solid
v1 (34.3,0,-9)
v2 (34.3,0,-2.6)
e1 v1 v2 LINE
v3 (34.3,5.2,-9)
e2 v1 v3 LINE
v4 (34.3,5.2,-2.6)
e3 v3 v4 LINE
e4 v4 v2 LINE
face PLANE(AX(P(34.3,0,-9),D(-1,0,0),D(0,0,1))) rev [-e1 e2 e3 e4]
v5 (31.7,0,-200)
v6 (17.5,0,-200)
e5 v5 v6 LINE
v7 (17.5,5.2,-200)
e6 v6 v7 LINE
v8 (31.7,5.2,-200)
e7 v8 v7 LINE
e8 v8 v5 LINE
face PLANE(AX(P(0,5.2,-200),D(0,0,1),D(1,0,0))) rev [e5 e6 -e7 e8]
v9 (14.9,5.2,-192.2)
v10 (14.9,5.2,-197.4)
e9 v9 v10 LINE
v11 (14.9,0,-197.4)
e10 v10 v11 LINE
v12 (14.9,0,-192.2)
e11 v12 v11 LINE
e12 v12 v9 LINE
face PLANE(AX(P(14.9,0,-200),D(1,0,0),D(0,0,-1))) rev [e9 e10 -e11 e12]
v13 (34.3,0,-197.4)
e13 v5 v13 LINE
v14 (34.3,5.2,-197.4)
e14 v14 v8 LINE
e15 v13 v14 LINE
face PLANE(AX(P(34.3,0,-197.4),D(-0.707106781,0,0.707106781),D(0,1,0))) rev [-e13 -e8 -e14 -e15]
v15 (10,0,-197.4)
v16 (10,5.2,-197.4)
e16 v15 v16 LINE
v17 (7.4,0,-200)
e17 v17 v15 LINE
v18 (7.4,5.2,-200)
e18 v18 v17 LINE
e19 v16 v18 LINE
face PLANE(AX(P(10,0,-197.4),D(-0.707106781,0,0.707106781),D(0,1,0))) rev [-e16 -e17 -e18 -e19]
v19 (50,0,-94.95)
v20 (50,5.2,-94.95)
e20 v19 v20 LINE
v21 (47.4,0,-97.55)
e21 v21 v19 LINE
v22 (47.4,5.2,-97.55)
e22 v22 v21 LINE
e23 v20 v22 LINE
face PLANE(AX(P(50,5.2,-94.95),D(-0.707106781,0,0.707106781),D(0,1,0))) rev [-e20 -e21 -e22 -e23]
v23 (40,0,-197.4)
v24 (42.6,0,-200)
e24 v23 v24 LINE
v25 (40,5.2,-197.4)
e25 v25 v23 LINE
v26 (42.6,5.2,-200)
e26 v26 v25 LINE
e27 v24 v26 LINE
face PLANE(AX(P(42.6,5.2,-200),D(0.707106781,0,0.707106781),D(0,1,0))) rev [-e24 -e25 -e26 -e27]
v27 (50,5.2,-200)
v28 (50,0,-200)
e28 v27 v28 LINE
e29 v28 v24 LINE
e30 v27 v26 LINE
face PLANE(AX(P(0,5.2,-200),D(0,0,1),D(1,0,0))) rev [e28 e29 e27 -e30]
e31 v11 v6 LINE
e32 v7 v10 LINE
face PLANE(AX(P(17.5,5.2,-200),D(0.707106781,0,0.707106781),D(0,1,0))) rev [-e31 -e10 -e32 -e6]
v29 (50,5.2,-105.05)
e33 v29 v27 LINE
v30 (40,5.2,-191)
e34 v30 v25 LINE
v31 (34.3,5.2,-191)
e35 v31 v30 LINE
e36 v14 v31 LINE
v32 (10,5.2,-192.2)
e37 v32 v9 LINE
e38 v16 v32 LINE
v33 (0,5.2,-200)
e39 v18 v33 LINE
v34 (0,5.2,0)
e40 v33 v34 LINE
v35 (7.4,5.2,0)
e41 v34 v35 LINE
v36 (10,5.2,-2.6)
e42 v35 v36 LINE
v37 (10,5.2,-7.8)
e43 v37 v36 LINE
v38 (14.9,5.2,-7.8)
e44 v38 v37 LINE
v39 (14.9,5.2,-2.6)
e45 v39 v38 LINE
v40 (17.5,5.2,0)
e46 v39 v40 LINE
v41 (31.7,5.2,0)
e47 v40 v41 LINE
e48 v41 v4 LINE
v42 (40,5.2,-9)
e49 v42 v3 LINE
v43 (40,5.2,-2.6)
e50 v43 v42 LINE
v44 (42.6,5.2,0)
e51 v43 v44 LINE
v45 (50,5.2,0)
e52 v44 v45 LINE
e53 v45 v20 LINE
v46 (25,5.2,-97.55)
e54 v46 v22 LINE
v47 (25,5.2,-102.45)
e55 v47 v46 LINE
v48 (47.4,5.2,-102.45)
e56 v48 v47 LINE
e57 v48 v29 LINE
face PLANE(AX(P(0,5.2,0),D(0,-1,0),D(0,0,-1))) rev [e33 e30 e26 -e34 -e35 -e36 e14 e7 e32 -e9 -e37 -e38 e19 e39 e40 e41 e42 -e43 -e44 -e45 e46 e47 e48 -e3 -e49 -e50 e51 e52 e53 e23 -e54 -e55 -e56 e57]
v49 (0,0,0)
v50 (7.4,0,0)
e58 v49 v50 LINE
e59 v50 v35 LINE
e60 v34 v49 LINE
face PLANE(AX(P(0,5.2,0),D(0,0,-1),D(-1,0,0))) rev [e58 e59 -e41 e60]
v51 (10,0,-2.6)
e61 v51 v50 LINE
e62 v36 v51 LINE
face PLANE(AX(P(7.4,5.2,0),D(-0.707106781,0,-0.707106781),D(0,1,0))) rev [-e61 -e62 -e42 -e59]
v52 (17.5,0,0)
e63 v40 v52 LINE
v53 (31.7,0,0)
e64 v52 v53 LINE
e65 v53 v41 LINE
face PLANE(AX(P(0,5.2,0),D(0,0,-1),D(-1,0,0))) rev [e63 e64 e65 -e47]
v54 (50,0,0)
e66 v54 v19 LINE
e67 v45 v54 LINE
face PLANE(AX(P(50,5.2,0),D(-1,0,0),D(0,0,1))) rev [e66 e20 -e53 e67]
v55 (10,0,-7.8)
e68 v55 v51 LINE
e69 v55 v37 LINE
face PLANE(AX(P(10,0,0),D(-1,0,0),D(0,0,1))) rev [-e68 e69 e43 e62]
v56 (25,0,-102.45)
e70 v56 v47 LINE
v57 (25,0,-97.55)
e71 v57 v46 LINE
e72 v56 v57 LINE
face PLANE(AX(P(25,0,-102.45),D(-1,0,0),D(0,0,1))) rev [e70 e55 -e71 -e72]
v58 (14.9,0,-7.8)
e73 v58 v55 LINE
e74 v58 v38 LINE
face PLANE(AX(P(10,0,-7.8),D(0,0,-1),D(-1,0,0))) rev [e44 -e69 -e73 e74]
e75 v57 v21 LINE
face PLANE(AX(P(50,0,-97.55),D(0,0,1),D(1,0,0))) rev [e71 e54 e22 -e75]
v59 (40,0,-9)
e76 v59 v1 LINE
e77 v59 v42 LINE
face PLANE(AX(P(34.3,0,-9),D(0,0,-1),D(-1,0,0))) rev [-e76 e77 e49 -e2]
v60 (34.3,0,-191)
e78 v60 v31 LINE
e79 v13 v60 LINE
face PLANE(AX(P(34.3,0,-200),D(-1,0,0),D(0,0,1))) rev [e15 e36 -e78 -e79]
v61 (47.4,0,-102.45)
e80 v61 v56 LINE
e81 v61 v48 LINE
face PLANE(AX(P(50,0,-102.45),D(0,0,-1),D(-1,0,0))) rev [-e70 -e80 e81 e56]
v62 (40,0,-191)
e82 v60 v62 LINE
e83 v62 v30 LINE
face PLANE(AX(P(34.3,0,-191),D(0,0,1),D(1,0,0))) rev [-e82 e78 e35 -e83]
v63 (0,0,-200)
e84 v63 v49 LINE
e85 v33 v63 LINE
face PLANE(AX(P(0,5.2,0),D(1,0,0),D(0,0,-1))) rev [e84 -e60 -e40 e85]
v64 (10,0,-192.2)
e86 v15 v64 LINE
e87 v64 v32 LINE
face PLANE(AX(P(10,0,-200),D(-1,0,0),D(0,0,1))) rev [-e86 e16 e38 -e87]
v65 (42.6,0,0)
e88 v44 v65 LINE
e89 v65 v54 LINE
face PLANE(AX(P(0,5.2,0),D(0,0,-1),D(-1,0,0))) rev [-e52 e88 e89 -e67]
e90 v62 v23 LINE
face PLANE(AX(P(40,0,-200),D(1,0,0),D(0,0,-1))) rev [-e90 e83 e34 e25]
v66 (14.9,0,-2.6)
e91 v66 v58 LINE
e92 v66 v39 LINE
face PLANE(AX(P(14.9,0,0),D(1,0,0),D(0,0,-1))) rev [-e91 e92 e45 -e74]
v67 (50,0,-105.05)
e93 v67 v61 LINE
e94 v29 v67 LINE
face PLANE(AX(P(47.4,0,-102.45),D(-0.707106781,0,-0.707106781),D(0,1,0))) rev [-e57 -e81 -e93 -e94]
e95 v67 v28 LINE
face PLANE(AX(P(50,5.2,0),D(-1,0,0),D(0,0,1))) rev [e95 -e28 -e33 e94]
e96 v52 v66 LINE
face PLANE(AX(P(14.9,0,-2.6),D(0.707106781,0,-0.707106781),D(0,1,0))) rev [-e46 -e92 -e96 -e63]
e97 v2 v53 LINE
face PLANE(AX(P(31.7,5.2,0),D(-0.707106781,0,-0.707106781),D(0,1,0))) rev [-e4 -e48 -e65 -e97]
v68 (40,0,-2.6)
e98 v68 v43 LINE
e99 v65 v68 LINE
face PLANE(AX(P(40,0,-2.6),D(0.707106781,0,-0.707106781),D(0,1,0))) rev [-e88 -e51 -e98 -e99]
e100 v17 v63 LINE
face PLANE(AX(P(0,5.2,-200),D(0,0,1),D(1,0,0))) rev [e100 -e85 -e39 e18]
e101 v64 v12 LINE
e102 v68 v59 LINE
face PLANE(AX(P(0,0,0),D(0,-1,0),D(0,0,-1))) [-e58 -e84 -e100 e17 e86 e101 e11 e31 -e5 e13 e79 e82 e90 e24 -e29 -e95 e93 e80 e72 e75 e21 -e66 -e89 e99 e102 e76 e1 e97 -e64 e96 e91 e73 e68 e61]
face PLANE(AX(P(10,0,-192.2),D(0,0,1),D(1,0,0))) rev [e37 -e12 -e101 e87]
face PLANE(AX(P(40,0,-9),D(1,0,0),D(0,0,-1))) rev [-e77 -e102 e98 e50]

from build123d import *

# Parameters (mm, degrees)
SKETCH1_W           = 50
SKETCH1_H           = 200
BOSS_EXTRUDE1_DEPTH = 5.2
SKETCH2_W           = 4.9
SKETCH2_H           = 7.8
SKETCH2_W_2         = 5.7
SKETCH2_H_2         = 9
SKETCH2_W_3         = 25
SKETCH2_H_3         = 4.9
CUT_EXTRUDE1_DEPTH  = 5.2
CHAMFER2_SIZE       = 2.6


with BuildPart() as part:
    # Sketch1 → Boss-Extrude1 (new body)
    with BuildSketch(Plane(origin=(0, 0, 0), x_dir=(1, 0, 0), z_dir=(0, 1, 0))):
        with Locations((25, 100)):
            Rectangle(SKETCH1_W, SKETCH1_H)
    extrude(amount=BOSS_EXTRUDE1_DEPTH)

    # Sketch2 → Cut-Extrude1 (cut)
    with BuildSketch(Plane(origin=(0, 5.2, 0), x_dir=(1, 0, 0), z_dir=(0, 1, 0))):
        with Locations((12.45, 196.1)):
            Rectangle(SKETCH2_W, SKETCH2_H)
        with Locations((37.15, 195.5)):
            Rectangle(SKETCH2_W_2, SKETCH2_H_2)
        with Locations((37.5, 100)):
            Rectangle(SKETCH2_W_3, SKETCH2_H_3)
        with Locations((12.45, 3.9)):
            Rectangle(SKETCH2_W, SKETCH2_H)
        with Locations((37.15, 4.5)):
            Rectangle(SKETCH2_W_2, SKETCH2_H_2)
    extrude(amount=-CUT_EXTRUDE1_DEPTH, mode=Mode.SUBTRACT)

    # Chamfer2
    chamfer2_edges = [part.edges().sort_by_distance(p)[0] for p in [
        (10, 2.6, 0),
        (14.9, 2.6, 0),
        (34.3, 2.6, 0),
        (40, 2.6, 0),
        (50, 2.6, -102.45),
        (50, 2.6, -97.55),
        (34.3, 2.6, -200),
        (40, 2.6, -200),
        (10, 2.6, -200),
        (14.9, 2.6, -200),
    ]]
    chamfer(chamfer2_edges, length=CHAMFER2_SIZE)


solid = part.part
